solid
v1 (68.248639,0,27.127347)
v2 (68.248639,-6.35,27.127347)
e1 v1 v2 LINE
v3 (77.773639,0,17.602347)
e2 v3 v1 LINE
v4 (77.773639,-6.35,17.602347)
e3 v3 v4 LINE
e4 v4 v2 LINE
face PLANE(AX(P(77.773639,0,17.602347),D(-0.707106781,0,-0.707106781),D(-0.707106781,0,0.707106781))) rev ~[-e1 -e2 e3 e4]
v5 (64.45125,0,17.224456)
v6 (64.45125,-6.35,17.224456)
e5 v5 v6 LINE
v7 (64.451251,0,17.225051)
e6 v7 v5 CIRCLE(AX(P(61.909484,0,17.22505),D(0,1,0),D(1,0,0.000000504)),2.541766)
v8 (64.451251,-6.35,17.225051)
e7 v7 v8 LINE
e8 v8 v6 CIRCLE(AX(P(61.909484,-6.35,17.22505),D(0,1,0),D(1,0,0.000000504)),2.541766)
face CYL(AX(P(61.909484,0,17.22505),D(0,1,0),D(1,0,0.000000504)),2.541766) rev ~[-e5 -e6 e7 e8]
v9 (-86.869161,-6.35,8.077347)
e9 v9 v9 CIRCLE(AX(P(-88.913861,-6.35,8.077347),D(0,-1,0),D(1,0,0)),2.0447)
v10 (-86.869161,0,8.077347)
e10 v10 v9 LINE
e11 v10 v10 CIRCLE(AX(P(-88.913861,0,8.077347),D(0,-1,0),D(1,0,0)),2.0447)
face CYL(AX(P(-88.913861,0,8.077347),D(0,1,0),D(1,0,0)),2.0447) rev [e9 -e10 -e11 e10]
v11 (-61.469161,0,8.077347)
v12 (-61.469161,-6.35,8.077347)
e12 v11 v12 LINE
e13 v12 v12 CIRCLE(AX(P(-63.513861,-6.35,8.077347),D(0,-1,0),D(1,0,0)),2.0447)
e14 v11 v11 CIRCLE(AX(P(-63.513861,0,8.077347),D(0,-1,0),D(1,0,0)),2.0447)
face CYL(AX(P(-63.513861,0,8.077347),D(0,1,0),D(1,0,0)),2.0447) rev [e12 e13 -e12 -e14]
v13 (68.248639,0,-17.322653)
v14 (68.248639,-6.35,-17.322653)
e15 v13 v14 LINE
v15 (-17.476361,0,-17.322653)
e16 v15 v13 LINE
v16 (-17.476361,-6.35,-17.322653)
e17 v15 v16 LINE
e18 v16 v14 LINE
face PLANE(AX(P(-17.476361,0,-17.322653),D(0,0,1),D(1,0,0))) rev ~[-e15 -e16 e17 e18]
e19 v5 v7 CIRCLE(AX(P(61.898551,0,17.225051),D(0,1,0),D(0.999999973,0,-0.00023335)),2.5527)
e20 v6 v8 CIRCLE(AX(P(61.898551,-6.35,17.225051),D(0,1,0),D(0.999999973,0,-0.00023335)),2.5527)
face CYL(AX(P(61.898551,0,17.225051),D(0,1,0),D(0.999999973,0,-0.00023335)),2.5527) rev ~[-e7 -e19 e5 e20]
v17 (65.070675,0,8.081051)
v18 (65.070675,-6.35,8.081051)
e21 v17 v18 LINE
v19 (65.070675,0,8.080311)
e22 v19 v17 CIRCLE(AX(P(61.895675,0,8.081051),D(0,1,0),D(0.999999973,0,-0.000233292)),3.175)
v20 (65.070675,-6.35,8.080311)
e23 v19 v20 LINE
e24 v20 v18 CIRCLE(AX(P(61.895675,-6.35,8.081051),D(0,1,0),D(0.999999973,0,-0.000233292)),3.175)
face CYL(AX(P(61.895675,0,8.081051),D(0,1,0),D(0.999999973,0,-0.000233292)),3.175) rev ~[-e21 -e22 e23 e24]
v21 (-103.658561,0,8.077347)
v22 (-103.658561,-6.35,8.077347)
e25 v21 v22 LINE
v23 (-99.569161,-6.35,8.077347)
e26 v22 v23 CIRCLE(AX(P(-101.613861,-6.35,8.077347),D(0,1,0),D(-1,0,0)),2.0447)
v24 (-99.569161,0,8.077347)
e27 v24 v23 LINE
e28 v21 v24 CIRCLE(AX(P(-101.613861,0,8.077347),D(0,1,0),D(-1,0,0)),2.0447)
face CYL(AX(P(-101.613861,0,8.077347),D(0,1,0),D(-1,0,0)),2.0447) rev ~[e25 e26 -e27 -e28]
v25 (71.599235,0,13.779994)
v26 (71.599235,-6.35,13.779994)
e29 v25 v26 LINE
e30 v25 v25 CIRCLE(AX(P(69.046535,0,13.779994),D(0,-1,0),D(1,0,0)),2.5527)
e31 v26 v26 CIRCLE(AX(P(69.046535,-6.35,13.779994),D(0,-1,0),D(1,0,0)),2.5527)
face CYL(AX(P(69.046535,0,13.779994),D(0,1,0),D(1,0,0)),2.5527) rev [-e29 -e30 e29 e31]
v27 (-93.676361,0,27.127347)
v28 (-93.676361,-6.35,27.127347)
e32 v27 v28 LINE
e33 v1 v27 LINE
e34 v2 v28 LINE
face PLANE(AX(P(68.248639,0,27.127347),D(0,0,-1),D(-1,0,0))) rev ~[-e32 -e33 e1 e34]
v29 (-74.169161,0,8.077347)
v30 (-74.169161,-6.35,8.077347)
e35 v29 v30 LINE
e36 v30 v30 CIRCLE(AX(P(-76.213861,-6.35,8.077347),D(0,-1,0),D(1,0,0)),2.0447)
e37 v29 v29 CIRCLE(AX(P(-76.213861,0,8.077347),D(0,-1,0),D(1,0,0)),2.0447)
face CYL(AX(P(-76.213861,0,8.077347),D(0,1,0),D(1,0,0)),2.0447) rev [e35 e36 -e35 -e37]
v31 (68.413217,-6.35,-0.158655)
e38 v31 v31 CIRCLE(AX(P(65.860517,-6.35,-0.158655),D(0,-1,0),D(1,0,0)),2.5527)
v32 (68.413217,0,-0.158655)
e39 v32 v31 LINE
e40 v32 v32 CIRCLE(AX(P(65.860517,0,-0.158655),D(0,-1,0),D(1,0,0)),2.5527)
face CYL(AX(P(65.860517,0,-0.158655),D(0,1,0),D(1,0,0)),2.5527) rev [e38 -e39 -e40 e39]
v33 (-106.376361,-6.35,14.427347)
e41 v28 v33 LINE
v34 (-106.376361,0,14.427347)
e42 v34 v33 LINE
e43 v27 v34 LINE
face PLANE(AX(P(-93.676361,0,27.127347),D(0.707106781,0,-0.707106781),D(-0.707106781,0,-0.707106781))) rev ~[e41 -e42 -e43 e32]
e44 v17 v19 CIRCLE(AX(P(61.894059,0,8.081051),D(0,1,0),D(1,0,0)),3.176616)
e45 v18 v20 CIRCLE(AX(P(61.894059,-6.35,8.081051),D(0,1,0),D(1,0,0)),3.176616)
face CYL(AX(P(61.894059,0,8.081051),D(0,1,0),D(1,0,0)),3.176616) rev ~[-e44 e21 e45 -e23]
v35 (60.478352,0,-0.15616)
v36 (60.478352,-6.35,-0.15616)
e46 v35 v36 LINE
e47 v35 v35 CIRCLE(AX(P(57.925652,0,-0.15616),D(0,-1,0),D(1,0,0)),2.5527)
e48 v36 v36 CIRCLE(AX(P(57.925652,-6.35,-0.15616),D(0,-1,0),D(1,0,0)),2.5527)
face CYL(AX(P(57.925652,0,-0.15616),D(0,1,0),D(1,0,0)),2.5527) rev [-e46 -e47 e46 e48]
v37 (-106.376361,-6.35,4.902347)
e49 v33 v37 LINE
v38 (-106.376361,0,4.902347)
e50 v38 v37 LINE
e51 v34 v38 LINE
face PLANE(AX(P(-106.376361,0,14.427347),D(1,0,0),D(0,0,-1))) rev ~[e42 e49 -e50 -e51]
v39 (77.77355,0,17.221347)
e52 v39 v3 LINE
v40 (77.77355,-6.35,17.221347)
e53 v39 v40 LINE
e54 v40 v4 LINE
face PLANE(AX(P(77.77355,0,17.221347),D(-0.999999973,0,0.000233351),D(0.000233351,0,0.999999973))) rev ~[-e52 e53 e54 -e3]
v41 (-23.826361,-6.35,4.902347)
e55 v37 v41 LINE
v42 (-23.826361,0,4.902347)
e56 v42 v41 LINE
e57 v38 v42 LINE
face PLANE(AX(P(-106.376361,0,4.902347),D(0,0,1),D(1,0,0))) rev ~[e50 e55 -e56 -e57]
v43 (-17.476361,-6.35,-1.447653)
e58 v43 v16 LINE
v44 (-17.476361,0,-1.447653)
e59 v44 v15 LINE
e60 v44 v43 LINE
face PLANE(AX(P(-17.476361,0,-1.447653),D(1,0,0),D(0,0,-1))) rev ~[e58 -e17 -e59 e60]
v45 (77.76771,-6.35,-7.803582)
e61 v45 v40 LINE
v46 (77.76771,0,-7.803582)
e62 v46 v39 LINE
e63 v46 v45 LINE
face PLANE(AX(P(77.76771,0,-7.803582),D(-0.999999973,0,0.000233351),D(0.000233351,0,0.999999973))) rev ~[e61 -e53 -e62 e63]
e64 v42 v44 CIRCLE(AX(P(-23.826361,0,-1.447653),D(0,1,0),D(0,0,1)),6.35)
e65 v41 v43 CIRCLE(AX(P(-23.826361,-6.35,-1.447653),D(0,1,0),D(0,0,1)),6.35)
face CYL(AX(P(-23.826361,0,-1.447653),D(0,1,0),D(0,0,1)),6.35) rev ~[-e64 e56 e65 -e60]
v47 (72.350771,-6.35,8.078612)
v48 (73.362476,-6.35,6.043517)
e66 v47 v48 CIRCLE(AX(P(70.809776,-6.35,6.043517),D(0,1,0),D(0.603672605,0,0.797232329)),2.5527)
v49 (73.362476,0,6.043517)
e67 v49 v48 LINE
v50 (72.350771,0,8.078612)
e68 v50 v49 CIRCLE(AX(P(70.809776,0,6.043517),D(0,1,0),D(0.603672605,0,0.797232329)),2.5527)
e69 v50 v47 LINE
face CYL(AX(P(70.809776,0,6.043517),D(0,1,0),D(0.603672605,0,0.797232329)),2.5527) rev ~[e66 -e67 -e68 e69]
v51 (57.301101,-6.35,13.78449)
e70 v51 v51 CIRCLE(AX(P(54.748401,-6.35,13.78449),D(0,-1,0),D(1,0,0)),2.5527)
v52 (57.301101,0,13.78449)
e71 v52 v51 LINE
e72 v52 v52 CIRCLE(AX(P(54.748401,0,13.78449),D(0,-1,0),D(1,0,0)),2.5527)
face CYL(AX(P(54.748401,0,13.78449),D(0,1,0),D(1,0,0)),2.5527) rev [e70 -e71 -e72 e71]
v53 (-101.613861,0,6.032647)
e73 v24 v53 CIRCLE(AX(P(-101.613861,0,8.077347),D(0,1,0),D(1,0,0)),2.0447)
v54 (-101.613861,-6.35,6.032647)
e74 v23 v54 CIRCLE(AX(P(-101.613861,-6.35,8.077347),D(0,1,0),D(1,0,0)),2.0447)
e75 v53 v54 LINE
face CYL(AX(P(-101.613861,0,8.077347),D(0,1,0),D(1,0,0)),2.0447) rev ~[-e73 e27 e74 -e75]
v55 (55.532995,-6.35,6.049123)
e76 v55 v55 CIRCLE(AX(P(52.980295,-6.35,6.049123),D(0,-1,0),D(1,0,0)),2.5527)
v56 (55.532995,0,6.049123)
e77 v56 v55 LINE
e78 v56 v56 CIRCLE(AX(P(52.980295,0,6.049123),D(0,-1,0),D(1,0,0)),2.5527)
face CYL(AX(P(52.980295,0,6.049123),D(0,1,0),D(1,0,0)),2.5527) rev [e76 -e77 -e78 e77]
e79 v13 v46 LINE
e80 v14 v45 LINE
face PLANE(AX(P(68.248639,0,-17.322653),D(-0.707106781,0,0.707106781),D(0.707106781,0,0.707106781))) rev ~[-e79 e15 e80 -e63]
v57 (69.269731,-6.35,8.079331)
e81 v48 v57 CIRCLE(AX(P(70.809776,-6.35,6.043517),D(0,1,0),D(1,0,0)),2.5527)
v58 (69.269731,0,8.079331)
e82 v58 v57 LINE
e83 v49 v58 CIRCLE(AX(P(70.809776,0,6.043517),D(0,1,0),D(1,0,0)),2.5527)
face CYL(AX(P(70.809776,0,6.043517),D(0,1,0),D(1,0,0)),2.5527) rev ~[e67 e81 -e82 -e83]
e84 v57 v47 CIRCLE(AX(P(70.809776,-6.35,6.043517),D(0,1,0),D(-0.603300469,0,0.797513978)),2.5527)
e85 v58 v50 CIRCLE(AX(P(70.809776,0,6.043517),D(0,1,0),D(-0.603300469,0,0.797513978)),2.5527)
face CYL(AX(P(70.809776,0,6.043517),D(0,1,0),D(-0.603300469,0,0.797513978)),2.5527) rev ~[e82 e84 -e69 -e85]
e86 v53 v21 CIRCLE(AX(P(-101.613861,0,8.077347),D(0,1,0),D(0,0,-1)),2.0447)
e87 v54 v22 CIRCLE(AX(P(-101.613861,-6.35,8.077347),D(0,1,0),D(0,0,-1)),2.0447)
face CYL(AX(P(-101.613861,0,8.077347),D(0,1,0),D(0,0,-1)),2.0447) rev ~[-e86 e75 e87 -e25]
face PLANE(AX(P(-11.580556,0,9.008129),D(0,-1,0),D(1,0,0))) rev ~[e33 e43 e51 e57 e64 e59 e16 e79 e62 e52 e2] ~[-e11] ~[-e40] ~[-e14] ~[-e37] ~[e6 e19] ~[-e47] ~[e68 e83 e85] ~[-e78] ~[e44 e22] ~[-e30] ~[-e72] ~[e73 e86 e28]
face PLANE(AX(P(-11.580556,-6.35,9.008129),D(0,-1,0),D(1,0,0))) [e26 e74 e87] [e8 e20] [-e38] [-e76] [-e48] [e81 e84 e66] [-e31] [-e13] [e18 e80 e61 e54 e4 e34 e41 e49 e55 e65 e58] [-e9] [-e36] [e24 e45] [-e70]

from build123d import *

# Parameters (mm, degrees)
F0_R     = 2.5527
F0_R_2   = 2.0447
F1_DEPTH = 6.35


with BuildPart() as f1:
    # F0 (on Front) → F1 (new body)
    with BuildSketch(Plane.XZ):
        with BuildLine():
            Line((68.248638998, 27.127346991), (-93.676361002, 27.127346991))
            Line((-93.676361002, 27.127346991), (-106.376361002, 14.427346991))
            Line((-106.376361002, 14.427346991), (-106.376361002, 8.077346991))
            Line((-106.376361002, 8.077346991), (-103.658561002, 8.077346991))
            ThreePointArc((-103.658561002, 8.077346991), (-101.613861002, 10.122046991), (-99.569161002, 8.077346991))
            ThreePointArc((-99.569161002, 8.077346991), (-100.1680397665, 6.6315257555), (-101.613861002, 6.032646991))
            Line((-101.613861002, 6.032646991), (-101.613861002, 4.902346991))
            Line((-101.613861002, 4.902346991), (-93.676361002, 4.902346991))
            Line((-93.676361002, 4.902346991), (-80.976361002, 4.902346991))
            Line((-80.976361002, 4.902346991), (-68.276361002, 4.902346991))
            Line((-68.276361002, 4.902346991), (-23.826361002, 4.902346991))
            ThreePointArc((-23.826361002, 4.902346991), (-19.3362329414, 3.0424750515), (-17.476361002, -1.447653009))
            Line((-17.476361002, -1.447653009), (-17.476361002, -17.322653009))
            Line((-17.476361002, -17.322653009), (68.248638998, -17.322653009))
            Line((68.248638998, -17.322653009), (77.7677104864, -7.8035815207))
            Line((77.7677104864, -7.8035815207), (77.7735500911, 17.2213469914))
            Line((77.7735500911, 17.2213469914), (77.773638998, 17.602346991))
            Line((77.773638998, 17.602346991), (68.248638998, 27.127346991))
        make_face()
        with Locations((57.9256516639, -0.1561603153)):
            Circle(F0_R, mode=Mode.SUBTRACT)
        with Locations((65.8605174852, -0.1586554495)):
            Circle(F0_R, mode=Mode.SUBTRACT)
        with Locations((-88.913861002, 8.077346991)):
            Circle(F0_R_2, mode=Mode.SUBTRACT)
        with Locations((-76.213861002, 8.077346991)):
            Circle(F0_R_2, mode=Mode.SUBTRACT)
        with Locations((-63.513861002, 8.077346991)):
            Circle(F0_R_2, mode=Mode.SUBTRACT)
        with Locations((52.9802945197, 6.0491232838)):
            Circle(F0_R, mode=Mode.SUBTRACT)
        with BuildLine():
            ThreePointArc((69.2697310726, 8.079330699), (70.8103718549, 8.5962166985), (72.3507712371, 8.0786117336))
            ThreePointArc((72.3507712371, 8.0786117336), (73.0955993755, 7.1798660109), (73.3624761785, 6.043516768))
            ThreePointArc((73.3624761785, 6.043516768), (69.6728935662, 3.757958802), (69.2697310726, 8.079330699))
        make_face(mode=Mode.SUBTRACT)
        with BuildLine():
            ThreePointArc((65.0706751744, 8.0810514461), (65.0706751528, 8.0806810005), (65.070675088, 8.080310555))
            ThreePointArc((65.070675088, 8.080310555), (58.720675196, 8.0814218916), (65.0706751744, 8.0810514461))
        make_face(mode=Mode.SUBTRACT)
        with Locations((54.7484008492, 13.7844902328)):
            Circle(F0_R, mode=Mode.SUBTRACT)
        with Locations((69.0465350011, 13.7799941562)):
            Circle(F0_R, mode=Mode.SUBTRACT)
        with BuildLine():
            ThreePointArc((64.4512505233, 17.2250514465), (64.451250506, 17.2247536083), (64.4512504538, 17.2244557701))
            ThreePointArc((64.4512504538, 17.2244557701), (59.3458505407, 17.2253492846), (64.4512505233, 17.2250514465))
        make_face(mode=Mode.SUBTRACT)
        with BuildLine():
            Line((-103.658561002, 8.077346991), (-106.376361002, 8.077346991))
            Line((-106.376361002, 8.077346991), (-106.376361002, 4.902346991))
            Line((-106.376361002, 4.902346991), (-101.613861002, 4.902346991))
            Line((-101.613861002, 4.902346991), (-101.613861002, 6.032646991))
            ThreePointArc((-101.613861002, 6.032646991), (-103.0596822375, 6.6315257555), (-103.658561002, 8.077346991))
        make_face()
    extrude(amount=F1_DEPTH)


solid = f1.part
